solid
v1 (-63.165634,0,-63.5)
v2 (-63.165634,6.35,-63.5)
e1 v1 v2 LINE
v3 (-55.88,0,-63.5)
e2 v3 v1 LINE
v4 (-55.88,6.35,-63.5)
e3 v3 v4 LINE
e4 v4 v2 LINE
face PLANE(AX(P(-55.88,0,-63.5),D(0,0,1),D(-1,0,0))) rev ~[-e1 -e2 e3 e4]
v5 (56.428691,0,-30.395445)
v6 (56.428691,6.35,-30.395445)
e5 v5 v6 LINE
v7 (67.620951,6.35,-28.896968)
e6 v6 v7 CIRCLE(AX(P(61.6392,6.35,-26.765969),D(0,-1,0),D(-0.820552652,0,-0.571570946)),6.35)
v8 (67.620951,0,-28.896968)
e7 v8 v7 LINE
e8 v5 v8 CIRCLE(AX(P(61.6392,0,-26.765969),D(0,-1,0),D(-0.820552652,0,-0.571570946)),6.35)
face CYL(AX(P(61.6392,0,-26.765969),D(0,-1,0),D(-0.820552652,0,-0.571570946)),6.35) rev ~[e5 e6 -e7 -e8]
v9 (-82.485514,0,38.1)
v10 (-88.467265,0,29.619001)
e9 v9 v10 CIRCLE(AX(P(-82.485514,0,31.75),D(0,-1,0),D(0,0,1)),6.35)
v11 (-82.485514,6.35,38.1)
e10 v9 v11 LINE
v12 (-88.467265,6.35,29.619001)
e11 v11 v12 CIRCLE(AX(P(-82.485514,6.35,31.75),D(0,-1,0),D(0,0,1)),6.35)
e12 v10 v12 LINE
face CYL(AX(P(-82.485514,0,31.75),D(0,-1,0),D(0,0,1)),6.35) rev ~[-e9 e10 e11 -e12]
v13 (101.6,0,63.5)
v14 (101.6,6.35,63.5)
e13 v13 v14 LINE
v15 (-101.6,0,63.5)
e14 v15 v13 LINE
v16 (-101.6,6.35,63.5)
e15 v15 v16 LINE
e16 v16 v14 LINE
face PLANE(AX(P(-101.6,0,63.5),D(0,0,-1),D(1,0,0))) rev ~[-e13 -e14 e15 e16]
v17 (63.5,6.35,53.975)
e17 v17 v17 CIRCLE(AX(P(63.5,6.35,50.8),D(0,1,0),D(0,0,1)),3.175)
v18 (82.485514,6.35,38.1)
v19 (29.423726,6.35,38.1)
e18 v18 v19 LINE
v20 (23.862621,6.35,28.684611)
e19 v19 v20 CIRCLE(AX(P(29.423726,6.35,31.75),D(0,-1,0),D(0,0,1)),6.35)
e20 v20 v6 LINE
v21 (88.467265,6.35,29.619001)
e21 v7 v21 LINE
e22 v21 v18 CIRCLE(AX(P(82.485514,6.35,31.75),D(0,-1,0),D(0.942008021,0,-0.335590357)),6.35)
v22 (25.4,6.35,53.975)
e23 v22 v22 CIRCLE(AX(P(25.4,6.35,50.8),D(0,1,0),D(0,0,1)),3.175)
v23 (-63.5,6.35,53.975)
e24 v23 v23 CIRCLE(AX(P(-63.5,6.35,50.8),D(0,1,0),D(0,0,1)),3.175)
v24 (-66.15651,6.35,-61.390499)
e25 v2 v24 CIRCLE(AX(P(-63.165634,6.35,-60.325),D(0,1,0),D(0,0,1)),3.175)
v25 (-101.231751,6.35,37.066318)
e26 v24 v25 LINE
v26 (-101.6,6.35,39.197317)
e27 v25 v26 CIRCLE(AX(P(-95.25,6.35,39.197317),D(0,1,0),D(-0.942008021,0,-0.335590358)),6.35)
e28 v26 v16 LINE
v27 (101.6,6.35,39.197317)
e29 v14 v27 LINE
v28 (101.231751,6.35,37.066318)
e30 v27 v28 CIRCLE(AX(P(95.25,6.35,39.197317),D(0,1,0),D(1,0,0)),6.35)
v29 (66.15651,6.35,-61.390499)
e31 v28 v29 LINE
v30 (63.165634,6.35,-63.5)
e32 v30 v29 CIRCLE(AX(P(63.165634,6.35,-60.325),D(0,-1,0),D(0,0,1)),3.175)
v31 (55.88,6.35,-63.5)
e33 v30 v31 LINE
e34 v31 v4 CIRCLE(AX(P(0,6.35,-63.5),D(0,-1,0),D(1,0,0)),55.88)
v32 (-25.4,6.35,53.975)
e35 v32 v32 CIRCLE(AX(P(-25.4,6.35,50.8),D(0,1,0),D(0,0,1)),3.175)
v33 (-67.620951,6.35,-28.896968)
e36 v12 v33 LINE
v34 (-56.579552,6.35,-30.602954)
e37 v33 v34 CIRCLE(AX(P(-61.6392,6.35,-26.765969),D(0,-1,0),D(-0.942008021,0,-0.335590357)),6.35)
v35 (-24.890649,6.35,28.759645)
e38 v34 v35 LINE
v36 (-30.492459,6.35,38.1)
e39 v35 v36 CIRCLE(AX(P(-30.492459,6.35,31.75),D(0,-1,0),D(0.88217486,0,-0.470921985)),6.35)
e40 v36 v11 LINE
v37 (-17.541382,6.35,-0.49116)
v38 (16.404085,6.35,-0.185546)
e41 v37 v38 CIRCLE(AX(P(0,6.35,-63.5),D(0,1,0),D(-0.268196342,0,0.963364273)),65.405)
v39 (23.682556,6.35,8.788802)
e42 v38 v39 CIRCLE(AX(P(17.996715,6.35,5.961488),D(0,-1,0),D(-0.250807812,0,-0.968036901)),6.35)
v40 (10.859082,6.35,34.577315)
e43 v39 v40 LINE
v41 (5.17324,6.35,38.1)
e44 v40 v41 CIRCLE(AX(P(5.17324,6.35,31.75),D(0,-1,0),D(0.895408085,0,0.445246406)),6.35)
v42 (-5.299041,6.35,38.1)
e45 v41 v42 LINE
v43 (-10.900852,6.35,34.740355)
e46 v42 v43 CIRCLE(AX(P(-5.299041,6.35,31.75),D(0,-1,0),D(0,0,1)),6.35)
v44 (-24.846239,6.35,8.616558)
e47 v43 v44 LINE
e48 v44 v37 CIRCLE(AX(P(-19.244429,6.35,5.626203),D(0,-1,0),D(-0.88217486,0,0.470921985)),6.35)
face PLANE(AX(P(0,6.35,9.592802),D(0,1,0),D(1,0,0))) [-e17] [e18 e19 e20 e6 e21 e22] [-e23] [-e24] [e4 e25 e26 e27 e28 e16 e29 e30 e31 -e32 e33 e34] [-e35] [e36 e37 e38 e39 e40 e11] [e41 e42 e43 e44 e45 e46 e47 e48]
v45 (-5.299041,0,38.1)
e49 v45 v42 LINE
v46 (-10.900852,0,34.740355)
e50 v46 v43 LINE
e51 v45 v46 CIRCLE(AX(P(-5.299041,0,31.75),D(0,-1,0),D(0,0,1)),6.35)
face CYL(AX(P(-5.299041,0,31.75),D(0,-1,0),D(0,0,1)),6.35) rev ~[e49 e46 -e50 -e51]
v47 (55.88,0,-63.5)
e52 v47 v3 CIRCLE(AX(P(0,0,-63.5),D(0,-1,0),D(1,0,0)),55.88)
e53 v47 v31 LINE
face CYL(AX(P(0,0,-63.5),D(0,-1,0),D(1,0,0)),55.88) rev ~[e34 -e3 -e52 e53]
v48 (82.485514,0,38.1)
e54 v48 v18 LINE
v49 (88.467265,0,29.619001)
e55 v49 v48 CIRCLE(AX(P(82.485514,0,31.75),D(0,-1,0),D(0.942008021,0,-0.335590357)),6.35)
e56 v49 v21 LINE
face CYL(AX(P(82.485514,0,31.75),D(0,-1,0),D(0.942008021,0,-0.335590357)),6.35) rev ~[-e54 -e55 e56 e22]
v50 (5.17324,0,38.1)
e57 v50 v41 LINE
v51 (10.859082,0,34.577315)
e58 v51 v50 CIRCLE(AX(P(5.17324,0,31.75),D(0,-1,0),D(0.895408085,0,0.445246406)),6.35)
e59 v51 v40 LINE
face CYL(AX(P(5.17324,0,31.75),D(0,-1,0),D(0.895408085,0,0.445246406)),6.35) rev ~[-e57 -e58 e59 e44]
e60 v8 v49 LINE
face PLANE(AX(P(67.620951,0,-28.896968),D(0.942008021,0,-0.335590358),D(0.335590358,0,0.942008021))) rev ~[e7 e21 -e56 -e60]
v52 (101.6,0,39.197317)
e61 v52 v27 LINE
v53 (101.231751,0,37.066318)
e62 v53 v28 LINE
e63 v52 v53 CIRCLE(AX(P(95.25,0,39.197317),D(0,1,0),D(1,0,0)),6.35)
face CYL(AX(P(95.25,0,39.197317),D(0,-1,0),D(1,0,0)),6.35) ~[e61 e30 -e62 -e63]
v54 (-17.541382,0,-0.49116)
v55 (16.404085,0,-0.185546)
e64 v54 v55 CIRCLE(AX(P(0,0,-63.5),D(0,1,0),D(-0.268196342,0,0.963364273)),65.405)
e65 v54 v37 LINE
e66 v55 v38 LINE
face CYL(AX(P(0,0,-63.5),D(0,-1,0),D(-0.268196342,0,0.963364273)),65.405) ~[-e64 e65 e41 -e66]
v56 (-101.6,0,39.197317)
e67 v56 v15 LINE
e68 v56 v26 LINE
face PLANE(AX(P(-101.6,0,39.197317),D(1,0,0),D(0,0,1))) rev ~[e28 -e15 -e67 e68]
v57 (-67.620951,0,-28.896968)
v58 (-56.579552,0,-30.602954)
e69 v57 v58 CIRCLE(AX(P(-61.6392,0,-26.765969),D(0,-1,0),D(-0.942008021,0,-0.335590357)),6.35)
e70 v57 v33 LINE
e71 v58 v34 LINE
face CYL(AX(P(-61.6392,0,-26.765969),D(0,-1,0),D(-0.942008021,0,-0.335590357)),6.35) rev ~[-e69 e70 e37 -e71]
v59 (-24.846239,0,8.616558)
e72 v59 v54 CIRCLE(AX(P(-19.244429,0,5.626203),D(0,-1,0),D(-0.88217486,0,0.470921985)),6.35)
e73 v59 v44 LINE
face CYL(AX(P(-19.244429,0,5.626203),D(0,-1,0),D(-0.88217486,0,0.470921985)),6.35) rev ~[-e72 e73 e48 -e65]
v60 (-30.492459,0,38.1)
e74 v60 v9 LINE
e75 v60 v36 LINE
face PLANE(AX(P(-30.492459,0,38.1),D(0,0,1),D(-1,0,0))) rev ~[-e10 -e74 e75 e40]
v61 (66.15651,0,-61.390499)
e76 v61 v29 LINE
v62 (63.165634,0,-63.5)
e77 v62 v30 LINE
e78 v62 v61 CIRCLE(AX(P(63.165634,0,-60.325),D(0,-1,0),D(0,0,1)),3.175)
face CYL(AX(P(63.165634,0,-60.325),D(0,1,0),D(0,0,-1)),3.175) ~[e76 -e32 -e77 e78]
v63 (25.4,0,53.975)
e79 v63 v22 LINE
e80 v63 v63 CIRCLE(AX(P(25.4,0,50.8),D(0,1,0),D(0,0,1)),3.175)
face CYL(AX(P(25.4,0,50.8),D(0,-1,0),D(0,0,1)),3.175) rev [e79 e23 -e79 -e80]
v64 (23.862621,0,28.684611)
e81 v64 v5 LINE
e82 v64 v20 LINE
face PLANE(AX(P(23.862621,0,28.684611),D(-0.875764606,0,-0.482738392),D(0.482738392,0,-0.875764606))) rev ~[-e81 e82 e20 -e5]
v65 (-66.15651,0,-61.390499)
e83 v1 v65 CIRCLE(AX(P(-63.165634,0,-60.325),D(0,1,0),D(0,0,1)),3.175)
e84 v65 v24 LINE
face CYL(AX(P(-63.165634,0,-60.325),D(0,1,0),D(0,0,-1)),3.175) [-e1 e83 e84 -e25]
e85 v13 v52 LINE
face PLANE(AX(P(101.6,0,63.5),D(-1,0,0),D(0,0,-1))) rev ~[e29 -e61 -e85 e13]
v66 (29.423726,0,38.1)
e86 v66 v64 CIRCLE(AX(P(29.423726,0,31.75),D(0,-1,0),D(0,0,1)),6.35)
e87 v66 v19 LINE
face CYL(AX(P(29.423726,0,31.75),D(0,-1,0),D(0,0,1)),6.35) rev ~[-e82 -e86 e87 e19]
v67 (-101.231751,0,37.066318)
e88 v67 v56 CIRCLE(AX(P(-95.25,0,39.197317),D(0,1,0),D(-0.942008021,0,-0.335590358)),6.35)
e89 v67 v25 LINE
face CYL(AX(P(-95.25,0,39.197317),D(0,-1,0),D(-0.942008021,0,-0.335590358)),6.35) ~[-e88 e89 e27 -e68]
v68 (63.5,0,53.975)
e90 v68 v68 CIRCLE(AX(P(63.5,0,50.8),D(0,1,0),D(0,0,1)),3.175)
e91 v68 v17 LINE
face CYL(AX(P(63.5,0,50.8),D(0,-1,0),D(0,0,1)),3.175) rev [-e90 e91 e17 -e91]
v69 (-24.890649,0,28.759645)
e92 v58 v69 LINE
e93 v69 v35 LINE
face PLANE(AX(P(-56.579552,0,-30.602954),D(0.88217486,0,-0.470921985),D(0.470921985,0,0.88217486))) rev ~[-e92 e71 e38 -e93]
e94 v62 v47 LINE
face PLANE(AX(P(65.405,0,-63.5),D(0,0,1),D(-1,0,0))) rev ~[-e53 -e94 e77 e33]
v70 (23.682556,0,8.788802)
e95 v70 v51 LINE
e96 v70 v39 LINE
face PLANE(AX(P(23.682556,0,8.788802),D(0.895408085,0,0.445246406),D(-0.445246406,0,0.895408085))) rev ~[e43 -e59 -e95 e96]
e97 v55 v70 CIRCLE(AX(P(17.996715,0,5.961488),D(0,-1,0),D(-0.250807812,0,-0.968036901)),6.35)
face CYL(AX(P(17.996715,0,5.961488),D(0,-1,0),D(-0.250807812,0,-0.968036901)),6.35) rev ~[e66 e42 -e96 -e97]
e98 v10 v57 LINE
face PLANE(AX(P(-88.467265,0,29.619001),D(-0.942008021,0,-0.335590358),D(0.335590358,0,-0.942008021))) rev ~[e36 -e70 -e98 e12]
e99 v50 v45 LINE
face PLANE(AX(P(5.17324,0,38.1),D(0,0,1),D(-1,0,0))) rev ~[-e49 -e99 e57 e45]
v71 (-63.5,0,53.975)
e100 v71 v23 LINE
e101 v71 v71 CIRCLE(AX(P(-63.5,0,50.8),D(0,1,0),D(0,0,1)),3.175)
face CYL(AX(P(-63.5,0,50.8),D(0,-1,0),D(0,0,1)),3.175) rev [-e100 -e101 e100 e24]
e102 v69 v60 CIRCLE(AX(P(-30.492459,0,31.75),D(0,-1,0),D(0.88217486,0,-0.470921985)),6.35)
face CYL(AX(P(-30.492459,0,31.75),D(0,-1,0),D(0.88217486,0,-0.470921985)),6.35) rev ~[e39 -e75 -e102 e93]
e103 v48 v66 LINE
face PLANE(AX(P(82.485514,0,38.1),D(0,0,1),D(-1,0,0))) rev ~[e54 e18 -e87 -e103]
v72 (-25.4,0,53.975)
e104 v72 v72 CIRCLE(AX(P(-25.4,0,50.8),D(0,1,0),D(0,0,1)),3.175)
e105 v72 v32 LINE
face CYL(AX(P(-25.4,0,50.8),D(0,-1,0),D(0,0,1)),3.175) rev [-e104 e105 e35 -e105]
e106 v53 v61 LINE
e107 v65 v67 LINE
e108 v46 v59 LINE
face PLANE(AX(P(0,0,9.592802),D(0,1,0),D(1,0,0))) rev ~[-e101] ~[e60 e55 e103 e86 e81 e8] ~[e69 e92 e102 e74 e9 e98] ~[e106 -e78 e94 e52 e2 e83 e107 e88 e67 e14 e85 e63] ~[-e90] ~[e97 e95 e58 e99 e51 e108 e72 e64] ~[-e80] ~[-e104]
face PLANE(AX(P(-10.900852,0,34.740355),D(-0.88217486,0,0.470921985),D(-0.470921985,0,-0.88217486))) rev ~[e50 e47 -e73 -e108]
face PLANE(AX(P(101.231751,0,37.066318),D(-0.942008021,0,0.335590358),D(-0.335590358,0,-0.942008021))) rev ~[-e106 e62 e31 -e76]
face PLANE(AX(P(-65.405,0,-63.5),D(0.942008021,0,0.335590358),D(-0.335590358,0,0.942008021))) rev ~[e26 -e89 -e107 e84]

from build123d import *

# Parameters (mm, degrees)
SKETCH1_R           = 3.175
BOSS_EXTRUDE1_DEPTH = 6.35
FILLET1_R           = 3.175


with BuildPart() as part:
    # Sketch1 → Boss-Extrude1 (new body)
    with BuildSketch(Plane(origin=(0, 0, 0), x_dir=(1, 0, 0), z_dir=(0, 1, 0))):
        with BuildLine():
            ThreePointArc((55.88, 63.5), (0, 7.62), (-55.88, 63.5))
            Line((-55.88, 63.5), (-65.405, 63.5))
            Line((-65.405, 63.5), (-101.231750934, -37.066318412))
            ThreePointArc((-101.231750934, -37.066318412), (-101.50726052, -38.116025925), (-101.6, -39.197317183))
            Line((-101.6, -39.197317183), (-101.6, -63.5))
            Line((-101.6, -63.5), (101.6, -63.5))
            Line((101.6, -63.5), (101.6, -39.197317183))
            ThreePointArc((101.6, -39.197317183), (101.50726052, -38.116025925), (101.231750934, -37.066318412))
            Line((101.231750934, -37.066318412), (65.405, 63.5))
            Line((65.405, 63.5), (55.88, 63.5))
        make_face()
        with Locations(Location((-63.5, -50.8, 0), (0, 0, 270))):
            Circle(SKETCH1_R, mode=Mode.SUBTRACT)
        with Locations(Location((-25.4, -50.8, 0), (0, 0, 270))):
            Circle(SKETCH1_R, mode=Mode.SUBTRACT)
        with BuildLine():
            Line((-30.492459165, -38.1), (-82.485514384, -38.1))
            ThreePointArc((-82.485514384, -38.1), (-87.67465411, -35.409962965), (-88.467265319, -29.61900123))
            Line((-88.467265319, -29.61900123), (-67.620951247, 28.896968093))
            ThreePointArc((-67.620951247, 28.896968093), (-62.60882158, 33.04150393), (-56.579551543, 30.602954379))
            Line((-56.579551543, 30.602954379), (-24.890648803, -28.759645393))
            ThreePointArc((-24.890648803, -28.759645393), (-25.046761241, -35.016018084), (-30.492459165, -38.1))
        make_face(mode=Mode.SUBTRACT)
        with BuildLine():
            ThreePointArc((-5.299041163, -38.1), (-8.565059247, -37.195697924), (-10.900851525, -34.740354607))
            Line((-10.900851525, -34.740354607), (-24.84623891, -8.616557995))
            ThreePointArc((-24.84623891, -8.616557995), (-24.197984845, -1.653196967), (-17.541381774, 0.491159744))
            ThreePointArc((-17.541381774, 0.491159744), (-0.588821605, -1.902349454), (16.404084946, 0.185546499))
            ThreePointArc((16.404084946, 0.185546499), (22.928583423, -1.961591642), (23.68255589, -8.788802499))
            Line((23.68255589, -8.788802499), (10.859081809, -34.577314678))
            ThreePointArc((10.859081809, -34.577314678), (8.517567892, -37.14796018), (5.173240471, -38.1))
            Line((5.173240471, -38.1), (-5.299041163, -38.1))
        make_face(mode=Mode.SUBTRACT)
        with Locations(Location((25.4, -50.8, 0), (0, 0, 270))):
            Circle(SKETCH1_R, mode=Mode.SUBTRACT)
        with Locations(Location((63.5, -50.8, 0), (0, 0, 270))):
            Circle(SKETCH1_R, mode=Mode.SUBTRACT)
        with BuildLine():
            Line((67.620951247, 28.896968093), (88.467265319, -29.61900123))
            ThreePointArc((88.467265319, -29.61900123), (87.67465411, -35.409962965), (82.485514384, -38.1))
            Line((82.485514384, -38.1), (29.423726477, -38.1))
            ThreePointArc((29.423726477, -38.1), (23.956198754, -34.979340583), (23.862621229, -28.684611212))
            Line((23.862621229, -28.684611212), (56.428690976, 30.395444829))
            ThreePointArc((56.428690976, 30.395444829), (62.481851802, 33.059810636), (67.620951247, 28.896968093))
        make_face(mode=Mode.SUBTRACT)
    extrude(amount=BOSS_EXTRUDE1_DEPTH)

    # Fillet1
    fillet1_edges = [part.edges().sort_by_distance(p)[0] for p in [
        (-65.405, 3.175, -63.5),
        (65.405, 3.175, -63.5),
    ]]
    fillet(fillet1_edges, radius=FILLET1_R)


solid = part.part
